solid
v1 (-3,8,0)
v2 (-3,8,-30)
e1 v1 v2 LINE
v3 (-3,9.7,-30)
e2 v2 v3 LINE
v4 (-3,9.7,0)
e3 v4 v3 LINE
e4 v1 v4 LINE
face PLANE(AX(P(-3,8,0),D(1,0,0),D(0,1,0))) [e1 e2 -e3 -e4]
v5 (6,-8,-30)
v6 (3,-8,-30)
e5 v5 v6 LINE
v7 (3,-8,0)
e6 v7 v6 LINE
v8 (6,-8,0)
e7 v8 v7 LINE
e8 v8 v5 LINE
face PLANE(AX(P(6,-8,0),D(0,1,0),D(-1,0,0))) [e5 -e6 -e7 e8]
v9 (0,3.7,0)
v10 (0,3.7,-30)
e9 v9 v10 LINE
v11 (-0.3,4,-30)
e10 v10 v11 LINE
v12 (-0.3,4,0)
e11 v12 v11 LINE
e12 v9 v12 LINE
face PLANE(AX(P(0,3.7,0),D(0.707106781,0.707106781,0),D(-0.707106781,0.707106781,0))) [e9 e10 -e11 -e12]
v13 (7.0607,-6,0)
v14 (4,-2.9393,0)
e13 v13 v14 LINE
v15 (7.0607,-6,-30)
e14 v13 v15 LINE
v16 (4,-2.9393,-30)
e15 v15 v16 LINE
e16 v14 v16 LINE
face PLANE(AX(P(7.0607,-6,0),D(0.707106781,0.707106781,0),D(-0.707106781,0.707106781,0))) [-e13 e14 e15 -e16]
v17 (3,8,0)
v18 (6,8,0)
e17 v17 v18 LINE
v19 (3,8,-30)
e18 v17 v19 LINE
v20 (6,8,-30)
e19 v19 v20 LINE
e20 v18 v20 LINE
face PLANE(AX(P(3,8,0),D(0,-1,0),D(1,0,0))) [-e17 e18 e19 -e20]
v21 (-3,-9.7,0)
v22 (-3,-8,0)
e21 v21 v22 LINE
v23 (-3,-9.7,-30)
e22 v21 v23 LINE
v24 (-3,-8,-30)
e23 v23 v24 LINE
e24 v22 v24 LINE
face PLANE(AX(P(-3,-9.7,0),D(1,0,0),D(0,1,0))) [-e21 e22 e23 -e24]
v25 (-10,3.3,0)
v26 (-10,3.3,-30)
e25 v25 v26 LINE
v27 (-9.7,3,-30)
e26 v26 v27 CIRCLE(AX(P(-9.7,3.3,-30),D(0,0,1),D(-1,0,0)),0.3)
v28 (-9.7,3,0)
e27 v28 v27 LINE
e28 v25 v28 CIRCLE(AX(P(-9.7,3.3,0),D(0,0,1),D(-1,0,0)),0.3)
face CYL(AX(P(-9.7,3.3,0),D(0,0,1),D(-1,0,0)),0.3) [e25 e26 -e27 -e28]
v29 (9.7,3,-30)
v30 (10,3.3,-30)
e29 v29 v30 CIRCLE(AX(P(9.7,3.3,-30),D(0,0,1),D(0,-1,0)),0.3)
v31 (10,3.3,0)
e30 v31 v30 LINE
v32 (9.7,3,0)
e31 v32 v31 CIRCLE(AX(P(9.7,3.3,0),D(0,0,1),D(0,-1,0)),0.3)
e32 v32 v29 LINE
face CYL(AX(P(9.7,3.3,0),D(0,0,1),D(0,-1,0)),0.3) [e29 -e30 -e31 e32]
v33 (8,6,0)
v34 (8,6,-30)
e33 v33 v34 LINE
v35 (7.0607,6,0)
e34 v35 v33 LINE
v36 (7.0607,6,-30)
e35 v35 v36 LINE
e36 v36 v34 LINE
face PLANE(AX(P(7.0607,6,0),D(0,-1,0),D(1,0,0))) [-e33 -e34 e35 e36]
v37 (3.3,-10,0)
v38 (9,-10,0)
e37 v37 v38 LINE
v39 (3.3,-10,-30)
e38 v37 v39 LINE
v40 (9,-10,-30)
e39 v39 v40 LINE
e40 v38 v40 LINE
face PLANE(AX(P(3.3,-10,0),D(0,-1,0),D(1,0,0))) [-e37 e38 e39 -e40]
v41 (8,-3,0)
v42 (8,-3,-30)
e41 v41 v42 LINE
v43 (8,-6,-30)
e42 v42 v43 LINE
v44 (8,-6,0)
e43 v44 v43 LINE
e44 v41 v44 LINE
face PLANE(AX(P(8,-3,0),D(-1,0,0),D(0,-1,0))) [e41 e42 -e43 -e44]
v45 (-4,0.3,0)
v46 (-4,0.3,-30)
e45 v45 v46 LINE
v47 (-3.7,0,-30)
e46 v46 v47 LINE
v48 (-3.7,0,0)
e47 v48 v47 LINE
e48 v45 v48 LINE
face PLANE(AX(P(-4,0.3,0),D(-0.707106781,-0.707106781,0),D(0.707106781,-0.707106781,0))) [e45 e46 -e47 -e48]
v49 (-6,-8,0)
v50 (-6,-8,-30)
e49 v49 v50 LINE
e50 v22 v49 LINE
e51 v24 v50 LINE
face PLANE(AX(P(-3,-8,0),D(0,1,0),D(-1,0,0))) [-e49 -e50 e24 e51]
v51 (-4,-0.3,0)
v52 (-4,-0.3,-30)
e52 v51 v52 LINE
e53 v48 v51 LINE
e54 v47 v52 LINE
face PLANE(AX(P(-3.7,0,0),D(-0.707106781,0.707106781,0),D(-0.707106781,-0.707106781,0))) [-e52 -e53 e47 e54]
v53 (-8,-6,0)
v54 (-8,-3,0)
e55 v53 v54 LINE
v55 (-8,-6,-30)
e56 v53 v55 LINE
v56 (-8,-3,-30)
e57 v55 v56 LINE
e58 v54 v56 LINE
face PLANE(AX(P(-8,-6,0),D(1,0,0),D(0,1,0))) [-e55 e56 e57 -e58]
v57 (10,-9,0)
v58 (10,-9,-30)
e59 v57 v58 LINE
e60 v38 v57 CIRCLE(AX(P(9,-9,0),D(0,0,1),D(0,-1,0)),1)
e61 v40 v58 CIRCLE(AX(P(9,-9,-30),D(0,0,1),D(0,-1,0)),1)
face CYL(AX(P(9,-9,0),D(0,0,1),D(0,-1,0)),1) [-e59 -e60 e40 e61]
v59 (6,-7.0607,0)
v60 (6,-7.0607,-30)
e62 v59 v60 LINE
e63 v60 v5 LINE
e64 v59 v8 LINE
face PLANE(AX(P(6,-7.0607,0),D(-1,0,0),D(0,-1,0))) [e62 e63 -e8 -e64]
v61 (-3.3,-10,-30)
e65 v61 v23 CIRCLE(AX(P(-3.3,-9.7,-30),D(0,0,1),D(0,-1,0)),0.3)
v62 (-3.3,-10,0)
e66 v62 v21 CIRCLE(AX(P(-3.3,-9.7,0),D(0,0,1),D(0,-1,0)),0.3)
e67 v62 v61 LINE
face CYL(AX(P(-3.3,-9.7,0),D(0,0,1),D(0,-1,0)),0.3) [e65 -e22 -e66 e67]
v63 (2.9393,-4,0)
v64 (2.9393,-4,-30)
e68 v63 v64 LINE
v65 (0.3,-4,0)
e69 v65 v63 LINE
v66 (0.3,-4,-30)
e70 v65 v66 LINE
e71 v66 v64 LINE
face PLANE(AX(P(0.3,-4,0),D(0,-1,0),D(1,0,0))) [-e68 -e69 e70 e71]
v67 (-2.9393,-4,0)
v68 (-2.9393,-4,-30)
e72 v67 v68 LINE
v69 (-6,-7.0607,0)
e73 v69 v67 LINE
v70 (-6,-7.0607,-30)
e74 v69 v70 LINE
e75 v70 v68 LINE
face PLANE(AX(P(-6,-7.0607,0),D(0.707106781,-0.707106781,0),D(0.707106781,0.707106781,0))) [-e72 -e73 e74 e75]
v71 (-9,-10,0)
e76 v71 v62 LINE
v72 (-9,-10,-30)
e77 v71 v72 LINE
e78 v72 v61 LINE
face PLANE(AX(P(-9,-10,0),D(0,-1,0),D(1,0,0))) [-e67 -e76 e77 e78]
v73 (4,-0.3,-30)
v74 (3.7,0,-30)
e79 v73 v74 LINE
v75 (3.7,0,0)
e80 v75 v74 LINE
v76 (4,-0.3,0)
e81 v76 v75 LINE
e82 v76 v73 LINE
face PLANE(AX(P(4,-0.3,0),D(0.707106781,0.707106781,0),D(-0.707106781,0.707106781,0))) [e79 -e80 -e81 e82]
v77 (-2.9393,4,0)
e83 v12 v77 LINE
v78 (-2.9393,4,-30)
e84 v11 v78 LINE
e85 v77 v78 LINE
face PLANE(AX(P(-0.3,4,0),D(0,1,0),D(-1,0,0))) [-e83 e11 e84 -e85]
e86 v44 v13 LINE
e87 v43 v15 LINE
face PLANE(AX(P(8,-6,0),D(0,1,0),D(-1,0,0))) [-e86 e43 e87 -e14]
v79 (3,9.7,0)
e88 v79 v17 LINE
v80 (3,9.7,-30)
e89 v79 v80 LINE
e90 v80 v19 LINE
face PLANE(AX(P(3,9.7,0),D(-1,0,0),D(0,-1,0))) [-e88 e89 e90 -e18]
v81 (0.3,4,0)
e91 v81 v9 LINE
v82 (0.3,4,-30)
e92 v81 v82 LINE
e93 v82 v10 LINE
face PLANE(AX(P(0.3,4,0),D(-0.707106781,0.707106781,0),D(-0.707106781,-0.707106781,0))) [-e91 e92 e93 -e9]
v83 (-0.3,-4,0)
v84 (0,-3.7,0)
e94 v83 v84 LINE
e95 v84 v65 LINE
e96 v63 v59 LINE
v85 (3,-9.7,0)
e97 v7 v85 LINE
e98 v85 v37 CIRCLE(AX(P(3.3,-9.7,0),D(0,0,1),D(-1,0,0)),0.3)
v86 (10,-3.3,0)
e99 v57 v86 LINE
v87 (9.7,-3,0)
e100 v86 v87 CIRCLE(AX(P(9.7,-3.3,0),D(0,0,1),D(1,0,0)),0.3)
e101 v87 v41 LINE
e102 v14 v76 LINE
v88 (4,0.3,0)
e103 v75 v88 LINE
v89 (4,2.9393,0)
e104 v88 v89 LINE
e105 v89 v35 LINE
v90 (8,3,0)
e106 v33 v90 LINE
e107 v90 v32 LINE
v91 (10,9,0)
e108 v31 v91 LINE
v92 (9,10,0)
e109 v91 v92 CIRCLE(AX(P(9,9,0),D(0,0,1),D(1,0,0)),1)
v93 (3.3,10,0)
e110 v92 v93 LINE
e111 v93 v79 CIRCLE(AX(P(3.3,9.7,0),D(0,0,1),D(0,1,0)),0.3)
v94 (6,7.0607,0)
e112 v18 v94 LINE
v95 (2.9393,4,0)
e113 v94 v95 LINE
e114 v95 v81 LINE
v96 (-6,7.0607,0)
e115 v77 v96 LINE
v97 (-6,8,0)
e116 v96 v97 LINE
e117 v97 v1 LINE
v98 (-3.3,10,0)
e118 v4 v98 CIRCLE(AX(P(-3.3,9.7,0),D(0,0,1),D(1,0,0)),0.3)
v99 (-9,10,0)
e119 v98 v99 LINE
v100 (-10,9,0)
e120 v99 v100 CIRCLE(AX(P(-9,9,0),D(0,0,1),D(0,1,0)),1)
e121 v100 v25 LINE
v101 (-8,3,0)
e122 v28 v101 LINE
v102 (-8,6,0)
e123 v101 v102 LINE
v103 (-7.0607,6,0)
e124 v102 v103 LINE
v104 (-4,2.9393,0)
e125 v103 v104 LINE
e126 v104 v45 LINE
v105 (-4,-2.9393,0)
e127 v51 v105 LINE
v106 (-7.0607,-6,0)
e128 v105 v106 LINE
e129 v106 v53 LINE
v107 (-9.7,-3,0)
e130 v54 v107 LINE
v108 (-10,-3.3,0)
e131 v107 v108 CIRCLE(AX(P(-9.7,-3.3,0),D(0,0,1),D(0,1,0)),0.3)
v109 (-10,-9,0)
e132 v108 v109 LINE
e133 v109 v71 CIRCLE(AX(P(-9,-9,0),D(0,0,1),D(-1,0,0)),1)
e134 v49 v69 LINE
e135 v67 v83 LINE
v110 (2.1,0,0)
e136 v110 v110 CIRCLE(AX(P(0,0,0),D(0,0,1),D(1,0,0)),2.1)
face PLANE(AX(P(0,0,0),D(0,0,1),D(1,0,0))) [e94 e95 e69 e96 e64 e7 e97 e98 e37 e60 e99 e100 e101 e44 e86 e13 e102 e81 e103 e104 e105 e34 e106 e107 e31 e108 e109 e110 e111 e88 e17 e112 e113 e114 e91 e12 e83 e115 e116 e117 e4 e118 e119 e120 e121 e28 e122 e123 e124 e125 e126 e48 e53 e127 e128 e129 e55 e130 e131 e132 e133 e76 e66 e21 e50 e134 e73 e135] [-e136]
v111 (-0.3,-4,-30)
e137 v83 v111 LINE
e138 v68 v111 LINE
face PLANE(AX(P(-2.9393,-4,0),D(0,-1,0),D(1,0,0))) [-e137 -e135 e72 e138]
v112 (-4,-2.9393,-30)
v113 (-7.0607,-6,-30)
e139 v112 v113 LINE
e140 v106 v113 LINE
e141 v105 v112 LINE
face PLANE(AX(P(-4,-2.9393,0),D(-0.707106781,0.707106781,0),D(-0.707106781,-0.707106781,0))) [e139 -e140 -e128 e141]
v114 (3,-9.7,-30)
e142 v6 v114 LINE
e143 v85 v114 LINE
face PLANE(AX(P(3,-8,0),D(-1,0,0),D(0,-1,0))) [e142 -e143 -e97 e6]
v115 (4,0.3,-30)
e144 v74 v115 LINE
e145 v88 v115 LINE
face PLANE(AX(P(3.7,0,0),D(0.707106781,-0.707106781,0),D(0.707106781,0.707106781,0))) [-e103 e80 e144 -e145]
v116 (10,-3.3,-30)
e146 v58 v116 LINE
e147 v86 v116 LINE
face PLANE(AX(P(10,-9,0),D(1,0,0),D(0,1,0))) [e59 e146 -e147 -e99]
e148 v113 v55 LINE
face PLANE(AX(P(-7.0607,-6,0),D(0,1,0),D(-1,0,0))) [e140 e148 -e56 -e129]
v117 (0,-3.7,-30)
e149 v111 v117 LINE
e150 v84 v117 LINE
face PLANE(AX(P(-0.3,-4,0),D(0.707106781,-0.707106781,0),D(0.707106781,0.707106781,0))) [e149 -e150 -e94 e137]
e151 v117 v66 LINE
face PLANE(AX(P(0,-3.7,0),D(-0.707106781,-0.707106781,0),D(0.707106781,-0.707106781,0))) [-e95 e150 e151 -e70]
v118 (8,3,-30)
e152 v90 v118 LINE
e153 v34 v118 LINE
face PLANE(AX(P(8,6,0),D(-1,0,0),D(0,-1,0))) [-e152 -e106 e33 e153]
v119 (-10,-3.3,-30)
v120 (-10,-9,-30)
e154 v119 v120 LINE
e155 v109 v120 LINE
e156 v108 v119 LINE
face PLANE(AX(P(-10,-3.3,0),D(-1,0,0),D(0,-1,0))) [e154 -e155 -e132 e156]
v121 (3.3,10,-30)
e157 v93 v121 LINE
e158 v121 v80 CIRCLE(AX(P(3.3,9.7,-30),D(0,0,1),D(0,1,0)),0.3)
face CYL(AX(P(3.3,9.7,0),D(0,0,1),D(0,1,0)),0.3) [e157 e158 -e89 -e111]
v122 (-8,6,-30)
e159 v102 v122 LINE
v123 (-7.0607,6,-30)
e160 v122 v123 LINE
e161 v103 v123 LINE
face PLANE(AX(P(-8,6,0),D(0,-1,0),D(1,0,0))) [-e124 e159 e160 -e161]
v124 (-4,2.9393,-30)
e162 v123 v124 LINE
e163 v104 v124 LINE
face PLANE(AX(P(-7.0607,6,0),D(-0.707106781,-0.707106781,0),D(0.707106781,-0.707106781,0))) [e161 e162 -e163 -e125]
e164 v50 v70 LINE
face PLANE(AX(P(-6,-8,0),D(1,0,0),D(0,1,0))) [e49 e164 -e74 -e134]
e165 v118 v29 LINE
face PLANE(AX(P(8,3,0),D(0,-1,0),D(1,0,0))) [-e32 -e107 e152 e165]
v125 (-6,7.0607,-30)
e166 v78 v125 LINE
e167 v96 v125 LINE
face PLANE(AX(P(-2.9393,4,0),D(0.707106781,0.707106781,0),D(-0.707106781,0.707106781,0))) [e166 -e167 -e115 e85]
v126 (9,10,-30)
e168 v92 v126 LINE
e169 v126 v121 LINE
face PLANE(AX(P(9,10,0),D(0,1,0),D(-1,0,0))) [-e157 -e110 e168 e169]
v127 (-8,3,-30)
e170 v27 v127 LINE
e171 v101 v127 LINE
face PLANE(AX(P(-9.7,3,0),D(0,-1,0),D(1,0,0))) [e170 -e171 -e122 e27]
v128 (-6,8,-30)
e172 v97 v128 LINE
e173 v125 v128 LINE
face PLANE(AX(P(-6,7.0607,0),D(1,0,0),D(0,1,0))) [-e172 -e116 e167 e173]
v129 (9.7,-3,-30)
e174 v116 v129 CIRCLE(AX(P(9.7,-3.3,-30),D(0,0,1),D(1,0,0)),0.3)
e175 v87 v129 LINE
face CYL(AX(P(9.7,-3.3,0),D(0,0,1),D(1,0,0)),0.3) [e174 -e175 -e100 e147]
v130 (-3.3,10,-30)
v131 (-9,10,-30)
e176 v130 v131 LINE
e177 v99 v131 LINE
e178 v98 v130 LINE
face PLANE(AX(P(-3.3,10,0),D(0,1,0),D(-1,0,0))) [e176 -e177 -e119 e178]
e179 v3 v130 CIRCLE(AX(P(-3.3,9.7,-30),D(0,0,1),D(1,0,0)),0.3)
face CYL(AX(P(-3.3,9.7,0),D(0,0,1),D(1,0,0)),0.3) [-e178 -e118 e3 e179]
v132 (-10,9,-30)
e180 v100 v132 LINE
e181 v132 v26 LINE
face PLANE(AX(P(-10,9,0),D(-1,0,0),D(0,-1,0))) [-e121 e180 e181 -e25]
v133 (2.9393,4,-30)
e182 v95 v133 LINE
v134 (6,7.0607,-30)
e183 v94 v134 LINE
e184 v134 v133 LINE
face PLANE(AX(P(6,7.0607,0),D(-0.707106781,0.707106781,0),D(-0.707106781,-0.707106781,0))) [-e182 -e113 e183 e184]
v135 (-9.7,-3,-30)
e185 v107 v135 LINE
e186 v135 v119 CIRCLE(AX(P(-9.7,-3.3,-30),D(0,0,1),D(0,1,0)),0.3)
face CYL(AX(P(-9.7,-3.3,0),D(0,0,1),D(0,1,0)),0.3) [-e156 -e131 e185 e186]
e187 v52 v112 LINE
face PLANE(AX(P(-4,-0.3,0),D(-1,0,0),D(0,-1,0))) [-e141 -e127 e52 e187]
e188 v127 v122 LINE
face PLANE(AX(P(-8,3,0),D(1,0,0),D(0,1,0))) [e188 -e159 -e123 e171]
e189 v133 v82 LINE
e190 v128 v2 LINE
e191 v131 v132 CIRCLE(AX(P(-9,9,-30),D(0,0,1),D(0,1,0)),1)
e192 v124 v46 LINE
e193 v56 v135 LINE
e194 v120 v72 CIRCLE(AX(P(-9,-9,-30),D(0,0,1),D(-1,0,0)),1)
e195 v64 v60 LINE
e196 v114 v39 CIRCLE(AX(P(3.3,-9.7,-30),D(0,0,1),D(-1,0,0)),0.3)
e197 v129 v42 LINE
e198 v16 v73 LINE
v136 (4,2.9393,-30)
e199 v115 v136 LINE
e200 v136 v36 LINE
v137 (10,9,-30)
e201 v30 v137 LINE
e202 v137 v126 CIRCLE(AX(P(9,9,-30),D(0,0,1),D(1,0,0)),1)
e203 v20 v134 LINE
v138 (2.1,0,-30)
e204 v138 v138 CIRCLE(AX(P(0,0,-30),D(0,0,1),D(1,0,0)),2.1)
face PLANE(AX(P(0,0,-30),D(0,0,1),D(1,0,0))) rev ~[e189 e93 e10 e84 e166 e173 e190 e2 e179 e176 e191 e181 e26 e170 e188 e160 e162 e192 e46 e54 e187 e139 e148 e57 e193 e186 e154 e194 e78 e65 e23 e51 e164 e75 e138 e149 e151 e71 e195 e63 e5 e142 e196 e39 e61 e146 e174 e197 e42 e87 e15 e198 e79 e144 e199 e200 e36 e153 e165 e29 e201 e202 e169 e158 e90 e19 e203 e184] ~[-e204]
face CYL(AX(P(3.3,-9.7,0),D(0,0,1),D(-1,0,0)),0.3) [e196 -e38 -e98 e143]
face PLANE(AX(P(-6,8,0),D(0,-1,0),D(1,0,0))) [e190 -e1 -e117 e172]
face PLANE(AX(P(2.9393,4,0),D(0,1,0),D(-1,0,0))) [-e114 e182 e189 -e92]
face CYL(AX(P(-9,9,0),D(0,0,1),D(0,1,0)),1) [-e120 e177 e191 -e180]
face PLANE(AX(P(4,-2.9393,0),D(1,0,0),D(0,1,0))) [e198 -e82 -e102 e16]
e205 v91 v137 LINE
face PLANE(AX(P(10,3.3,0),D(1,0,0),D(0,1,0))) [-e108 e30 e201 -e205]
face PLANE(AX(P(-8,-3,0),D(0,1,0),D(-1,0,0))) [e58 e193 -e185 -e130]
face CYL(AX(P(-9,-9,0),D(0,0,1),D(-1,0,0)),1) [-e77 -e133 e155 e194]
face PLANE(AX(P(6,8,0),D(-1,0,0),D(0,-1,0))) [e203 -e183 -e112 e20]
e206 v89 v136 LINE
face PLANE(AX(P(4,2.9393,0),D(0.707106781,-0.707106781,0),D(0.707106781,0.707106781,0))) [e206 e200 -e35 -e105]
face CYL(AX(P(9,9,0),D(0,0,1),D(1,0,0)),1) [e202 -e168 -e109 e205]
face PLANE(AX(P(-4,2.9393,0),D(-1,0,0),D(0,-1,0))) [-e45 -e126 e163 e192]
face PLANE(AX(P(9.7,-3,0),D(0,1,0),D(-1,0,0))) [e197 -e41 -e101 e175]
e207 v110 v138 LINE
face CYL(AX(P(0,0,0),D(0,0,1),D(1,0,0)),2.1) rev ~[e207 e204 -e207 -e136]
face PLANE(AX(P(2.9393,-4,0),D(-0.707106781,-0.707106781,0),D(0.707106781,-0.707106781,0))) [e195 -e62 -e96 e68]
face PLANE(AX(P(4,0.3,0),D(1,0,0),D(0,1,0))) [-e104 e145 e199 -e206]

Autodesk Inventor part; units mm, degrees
sketch "Sketch_5" plane through (0, 0, 0) normal (0, 0, 1) x (1, 0, 0)
  arc A0 (-10, 3.3) -> (-9.7, 3) centre (-9.7, 3.3) ccw
  line L0 (-9.7, 3) -> (-8, 3)
  line L1 (-8, 3) -> (-8, 6)
  line L2 (-8, 6) -> (-7.0607, 6)
  line L3 (-7.0607, 6) -> (-4, 2.9393)
  line L4 (-4, 2.9393) -> (-4, 0.3)
  line L5 (-4, 0.3) -> (-3.7, 0)
  line L6 (-3.7, 0) -> (-4, -0.3)
  line L7 (-4, -0.3) -> (-4, -2.9393)
  line L8 (-4, -2.9393) -> (-7.0607, -6)
  line L9 (-7.0607, -6) -> (-8, -6)
  line L10 (-8, -6) -> (-8, -3)
  line L11 (-8, -3) -> (-9.7, -3)
  arc A1 (-9.7, -3) -> (-10, -3.3) centre (-9.7, -3.3) ccw
  line L12 (-10, -3.3) -> (-10, -9)
  arc A2 (-10, -9) -> (-9, -10) centre (-9, -9) ccw
  line L13 (-9, -10) -> (-3.3, -10)
  arc A3 (-3.3, -10) -> (-3, -9.7) centre (-3.3, -9.7) ccw
  line L14 (-3, -9.7) -> (-3, -8)
  line L15 (-3, -8) -> (-6, -8)
  line L16 (-6, -8) -> (-6, -7.0607)
  line L17 (-6, -7.0607) -> (-2.9393, -4)
  line L18 (-2.9393, -4) -> (-0.3, -4)
  line L19 (-0.3, -4) -> (0, -3.7)
  line L20 (0, -3.7) -> (0.3, -4)
  line L21 (0.3, -4) -> (2.9393, -4)
  line L22 (2.9393, -4) -> (6, -7.0607)
  line L23 (6, -7.0607) -> (6, -8)
  line L24 (6, -8) -> (3, -8)
  line L25 (3, -8) -> (3, -9.7)
  arc A4 (3, -9.7) -> (3.3, -10) centre (3.3, -9.7) ccw
  line L26 (3.3, -10) -> (9, -10)
  arc A5 (9, -10) -> (10, -9) centre (9, -9) ccw
  line L27 (10, -9) -> (10, -3.3)
  arc A6 (10, -3.3) -> (9.7, -3) centre (9.7, -3.3) ccw
  line L28 (9.7, -3) -> (8, -3)
  line L29 (8, -3) -> (8, -6)
  line L30 (8, -6) -> (7.0607, -6)
  line L31 (7.0607, -6) -> (4, -2.9393)
  line L32 (4, -2.9393) -> (4, -0.3)
  line L33 (4, -0.3) -> (3.7, 0)
  line L34 (3.7, 0) -> (4, 0.3)
  line L35 (4, 0.3) -> (4, 2.9393)
  line L36 (4, 2.9393) -> (7.0607, 6)
  line L37 (7.0607, 6) -> (8, 6)
  line L38 (8, 6) -> (8, 3)
  line L39 (8, 3) -> (9.7, 3)
  arc A7 (9.7, 3) -> (10, 3.3) centre (9.7, 3.3) ccw
  line L40 (10, 3.3) -> (10, 9)
  arc A8 (10, 9) -> (9, 10) centre (9, 9) ccw
  line L41 (9, 10) -> (3.3, 10)
  arc A9 (3.3, 10) -> (3, 9.7) centre (3.3, 9.7) ccw
  line L42 (3, 9.7) -> (3, 8)
  line L43 (3, 8) -> (6, 8)
  line L44 (6, 8) -> (6, 7.0607)
  line L45 (6, 7.0607) -> (2.9393, 4)
  line L46 (2.9393, 4) -> (0.3, 4)
  line L47 (0.3, 4) -> (0, 3.7)
  line L48 (0, 3.7) -> (-0.3, 4)
  line L49 (-0.3, 4) -> (-2.9393, 4)
  line L50 (-2.9393, 4) -> (-6, 7.0607)
  line L51 (-6, 7.0607) -> (-6, 8)
  line L52 (-6, 8) -> (-3, 8)
  line L53 (-3, 8) -> (-3, 9.7)
  arc A10 (-3, 9.7) -> (-3.3, 10) centre (-3.3, 9.7) ccw
  line L54 (-3.3, 10) -> (-9, 10)
  arc A11 (-9, 10) -> (-10, 9) centre (-9, 9) ccw
  line L55 (-10, 9) -> (-10, 3.3)
  circle A12 centre (0, 0) radius 2.1
extrude "Extrusion1" add sketch "Sketch_5" against normal blind 30
ref_plane "to_frame_XY" through (0, 0, 0) normal (0, 0, 1) x (1, 0, 0)
ref_plane "to_frame_YZ" through (0, 0, 0) normal (1, 0, 0) x (0, 1, 0)
ref_plane "to_frame_ZX" through (0, 0, 0) normal (0, 1, 0) x (0, 0, 1)
properties part number "KHFS5-2020-1000"
